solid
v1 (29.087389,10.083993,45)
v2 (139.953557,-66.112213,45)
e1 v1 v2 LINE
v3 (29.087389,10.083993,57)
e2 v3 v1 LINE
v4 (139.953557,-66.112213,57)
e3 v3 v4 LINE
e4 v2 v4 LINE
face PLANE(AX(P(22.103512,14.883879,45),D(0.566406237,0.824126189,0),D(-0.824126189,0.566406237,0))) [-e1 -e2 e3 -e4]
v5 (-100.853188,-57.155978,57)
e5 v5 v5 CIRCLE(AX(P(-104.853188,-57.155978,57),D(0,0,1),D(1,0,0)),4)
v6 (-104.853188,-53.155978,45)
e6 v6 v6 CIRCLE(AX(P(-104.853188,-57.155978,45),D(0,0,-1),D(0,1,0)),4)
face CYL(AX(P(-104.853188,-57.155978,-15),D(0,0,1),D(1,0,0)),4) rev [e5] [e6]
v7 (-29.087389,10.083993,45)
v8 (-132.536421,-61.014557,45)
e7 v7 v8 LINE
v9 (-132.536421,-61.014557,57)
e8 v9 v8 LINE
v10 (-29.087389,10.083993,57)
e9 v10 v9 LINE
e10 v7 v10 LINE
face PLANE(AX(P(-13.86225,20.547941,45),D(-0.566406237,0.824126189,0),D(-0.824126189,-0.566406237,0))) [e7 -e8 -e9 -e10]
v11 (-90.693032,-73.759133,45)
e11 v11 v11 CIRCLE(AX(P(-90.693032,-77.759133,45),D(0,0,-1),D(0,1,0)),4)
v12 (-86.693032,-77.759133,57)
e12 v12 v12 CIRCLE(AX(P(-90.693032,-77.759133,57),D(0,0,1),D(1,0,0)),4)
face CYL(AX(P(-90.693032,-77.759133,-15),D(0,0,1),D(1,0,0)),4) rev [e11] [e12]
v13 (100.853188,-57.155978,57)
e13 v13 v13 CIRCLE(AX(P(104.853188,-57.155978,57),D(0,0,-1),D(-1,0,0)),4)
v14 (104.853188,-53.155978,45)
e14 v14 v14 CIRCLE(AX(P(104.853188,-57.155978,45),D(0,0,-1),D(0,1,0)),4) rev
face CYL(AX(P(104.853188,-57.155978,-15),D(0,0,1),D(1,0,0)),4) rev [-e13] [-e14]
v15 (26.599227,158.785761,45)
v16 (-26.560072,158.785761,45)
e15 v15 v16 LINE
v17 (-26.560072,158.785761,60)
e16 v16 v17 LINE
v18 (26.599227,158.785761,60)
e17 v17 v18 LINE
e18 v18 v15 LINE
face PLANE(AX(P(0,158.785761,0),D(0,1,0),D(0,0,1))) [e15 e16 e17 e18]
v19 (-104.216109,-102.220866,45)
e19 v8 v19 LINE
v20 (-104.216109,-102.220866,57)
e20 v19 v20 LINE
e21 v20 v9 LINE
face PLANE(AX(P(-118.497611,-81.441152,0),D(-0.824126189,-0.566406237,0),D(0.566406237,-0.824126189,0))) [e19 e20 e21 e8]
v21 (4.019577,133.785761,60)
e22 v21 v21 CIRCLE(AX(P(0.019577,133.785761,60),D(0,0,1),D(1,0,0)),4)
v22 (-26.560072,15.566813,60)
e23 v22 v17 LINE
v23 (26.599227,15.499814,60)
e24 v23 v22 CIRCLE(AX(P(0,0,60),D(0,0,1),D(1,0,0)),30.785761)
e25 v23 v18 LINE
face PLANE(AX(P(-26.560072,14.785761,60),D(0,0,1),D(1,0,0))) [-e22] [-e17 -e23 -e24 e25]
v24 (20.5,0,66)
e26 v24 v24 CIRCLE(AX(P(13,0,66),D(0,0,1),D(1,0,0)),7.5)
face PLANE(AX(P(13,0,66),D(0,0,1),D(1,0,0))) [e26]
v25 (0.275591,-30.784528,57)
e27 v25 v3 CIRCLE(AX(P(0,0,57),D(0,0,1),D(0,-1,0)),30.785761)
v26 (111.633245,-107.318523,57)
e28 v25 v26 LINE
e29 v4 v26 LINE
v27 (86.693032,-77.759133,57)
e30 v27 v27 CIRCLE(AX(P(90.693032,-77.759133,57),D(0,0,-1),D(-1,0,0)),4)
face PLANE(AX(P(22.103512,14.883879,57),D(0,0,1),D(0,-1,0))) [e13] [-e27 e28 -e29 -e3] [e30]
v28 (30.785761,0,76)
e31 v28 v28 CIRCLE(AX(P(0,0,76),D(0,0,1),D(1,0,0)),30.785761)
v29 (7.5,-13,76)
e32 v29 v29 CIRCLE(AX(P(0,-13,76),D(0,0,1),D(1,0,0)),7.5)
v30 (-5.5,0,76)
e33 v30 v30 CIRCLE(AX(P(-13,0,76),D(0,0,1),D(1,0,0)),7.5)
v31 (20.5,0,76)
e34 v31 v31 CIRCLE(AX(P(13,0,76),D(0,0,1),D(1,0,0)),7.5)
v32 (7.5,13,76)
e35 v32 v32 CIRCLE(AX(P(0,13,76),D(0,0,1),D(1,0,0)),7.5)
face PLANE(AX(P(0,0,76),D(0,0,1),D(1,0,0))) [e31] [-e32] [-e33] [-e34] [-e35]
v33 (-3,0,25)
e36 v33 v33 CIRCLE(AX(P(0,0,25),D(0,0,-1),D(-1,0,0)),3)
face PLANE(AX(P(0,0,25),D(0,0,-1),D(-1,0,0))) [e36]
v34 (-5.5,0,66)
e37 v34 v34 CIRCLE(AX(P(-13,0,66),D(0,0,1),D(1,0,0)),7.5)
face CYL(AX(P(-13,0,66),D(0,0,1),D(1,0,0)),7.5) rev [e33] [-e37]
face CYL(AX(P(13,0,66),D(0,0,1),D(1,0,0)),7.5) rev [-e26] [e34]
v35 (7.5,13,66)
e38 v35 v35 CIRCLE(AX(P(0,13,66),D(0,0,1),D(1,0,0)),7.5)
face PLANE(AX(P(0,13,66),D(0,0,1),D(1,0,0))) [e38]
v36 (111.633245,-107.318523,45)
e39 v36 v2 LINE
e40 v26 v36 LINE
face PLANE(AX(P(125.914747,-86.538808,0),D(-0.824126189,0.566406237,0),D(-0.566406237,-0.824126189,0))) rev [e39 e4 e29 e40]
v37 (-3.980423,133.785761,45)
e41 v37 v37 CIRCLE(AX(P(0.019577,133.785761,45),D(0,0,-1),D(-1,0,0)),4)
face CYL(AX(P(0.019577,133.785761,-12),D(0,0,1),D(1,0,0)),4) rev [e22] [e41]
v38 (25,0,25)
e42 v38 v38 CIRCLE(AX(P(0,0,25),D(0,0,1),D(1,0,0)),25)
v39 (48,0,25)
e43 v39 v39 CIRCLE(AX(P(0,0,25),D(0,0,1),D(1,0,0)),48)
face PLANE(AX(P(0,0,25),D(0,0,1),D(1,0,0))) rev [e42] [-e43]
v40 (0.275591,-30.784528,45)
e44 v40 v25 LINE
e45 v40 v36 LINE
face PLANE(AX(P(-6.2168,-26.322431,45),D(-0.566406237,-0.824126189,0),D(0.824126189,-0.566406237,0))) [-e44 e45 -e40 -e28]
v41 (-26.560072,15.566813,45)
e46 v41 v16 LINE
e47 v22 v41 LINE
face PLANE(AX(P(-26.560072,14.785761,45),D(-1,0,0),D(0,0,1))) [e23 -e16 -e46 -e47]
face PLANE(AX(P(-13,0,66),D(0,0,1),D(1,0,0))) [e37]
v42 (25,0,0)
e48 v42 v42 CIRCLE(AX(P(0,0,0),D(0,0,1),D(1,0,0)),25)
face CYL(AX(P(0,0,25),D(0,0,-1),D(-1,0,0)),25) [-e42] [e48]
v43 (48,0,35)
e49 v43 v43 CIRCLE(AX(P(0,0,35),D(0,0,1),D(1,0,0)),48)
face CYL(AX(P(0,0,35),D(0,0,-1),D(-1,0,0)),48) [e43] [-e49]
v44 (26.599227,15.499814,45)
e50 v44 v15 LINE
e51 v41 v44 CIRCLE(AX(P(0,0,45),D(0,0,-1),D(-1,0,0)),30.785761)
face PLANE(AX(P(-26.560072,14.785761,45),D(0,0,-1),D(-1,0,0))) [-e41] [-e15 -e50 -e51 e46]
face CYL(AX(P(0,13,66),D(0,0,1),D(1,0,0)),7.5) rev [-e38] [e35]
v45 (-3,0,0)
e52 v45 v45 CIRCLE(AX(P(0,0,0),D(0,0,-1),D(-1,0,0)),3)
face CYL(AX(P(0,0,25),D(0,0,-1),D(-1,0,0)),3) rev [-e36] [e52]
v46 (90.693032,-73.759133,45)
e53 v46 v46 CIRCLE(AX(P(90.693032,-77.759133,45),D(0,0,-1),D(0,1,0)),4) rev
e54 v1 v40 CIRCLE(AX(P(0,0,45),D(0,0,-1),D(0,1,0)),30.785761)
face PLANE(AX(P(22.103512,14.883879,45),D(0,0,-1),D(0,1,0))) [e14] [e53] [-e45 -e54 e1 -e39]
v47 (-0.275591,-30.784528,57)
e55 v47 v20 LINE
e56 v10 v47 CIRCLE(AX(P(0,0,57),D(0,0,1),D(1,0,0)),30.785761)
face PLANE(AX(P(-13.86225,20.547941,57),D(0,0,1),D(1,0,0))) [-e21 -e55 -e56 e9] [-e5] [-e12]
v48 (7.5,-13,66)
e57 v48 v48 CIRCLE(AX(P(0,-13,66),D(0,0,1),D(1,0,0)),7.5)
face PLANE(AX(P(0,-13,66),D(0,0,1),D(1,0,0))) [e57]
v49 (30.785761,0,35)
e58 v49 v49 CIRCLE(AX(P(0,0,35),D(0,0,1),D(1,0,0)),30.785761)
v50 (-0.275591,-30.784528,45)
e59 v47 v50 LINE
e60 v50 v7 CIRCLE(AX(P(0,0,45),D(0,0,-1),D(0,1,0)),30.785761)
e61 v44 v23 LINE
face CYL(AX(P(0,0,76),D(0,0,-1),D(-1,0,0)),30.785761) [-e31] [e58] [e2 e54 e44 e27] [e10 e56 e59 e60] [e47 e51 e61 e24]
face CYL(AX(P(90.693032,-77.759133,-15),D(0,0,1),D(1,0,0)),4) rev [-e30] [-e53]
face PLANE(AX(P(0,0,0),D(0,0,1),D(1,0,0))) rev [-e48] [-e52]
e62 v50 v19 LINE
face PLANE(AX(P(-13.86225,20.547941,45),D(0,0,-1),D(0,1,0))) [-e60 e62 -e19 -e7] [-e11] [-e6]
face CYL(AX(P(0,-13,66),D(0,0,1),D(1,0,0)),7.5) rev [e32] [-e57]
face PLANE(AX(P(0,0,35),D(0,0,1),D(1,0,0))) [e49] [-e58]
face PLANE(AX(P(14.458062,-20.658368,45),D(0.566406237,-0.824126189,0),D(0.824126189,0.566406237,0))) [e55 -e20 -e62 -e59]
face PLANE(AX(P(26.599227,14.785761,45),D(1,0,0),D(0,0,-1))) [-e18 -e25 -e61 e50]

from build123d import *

# Parameters (mm, degrees)
SKETCH1_R                = 25
BOSS_EXTRUDE1_DEPTH      = 25
SKETCH2_R                = 48
BOSS_EXTRUDE2_DEPTH      = 10
SKETCH3_R                = 30.78576119
BOSS_EXTRUDE3_DEPTH      = 41
BOSS_EXTRUDE4_DEPTH      = 113
BOSS_EXTRUDE4_DEPTH_BACK = 31
SKETCH5_W                = 12
SKETCH5_H                = 50
BOSS_EXTRUDE5_DEPTH      = 122
BOSS_EXTRUDE5_DEPTH_BACK = 21
SKETCH6_W                = 12
SKETCH6_H                = 50
SKETCH7_R                = 3
CUT_EXTRUDE1_DEPTH       = 25
BOSS_EXTRUDE6_DEPTH      = 128
BOSS_EXTRUDE6_DEPTH_BACK = 16
SKETCH9_W                = 53.159298554
SKETCH9_H                = 15
SKETCH8_R                = 7.5
CUT_EXTRUDE2_DEPTH       = 10
SKETCH10_R               = 4
CUT_EXTRUDE3_DEPTH       = 72
SKETCH11_R               = 4
CUT_EXTRUDE4_DEPTH       = 72


with BuildPart() as part:
    # Sketch1 → Boss-Extrude1 (new body)
    with BuildSketch(Plane.XY):
        Circle(SKETCH1_R)
    extrude(amount=BOSS_EXTRUDE1_DEPTH)

    # Sketch2 → Boss-Extrude2 (add)
    with BuildSketch(Plane.XY.offset(25)):
        Circle(SKETCH2_R)
    extrude(amount=BOSS_EXTRUDE2_DEPTH)

    # Sketch3 → Boss-Extrude3 (add)
    with BuildSketch(Plane.XY.offset(35)):
        Circle(SKETCH3_R)
    extrude(amount=BOSS_EXTRUDE3_DEPTH)

    # Sketch5 → Boss-Extrude4 (add, two sides: drawn at the far end of the back side and taken through both)
    with BuildSketch(Plane(origin=(-25.371352033, -17.437247146, 0), x_dir=(0, 0, 1), z_dir=(-0.8241261886220168, -0.5664062369248312, 0)).offset(-BOSS_EXTRUDE4_DEPTH_BACK)):
        with Locations((51, -0.21423881)):
            Rectangle(SKETCH5_W, SKETCH5_H)
    extrude(amount=BOSS_EXTRUDE4_DEPTH + BOSS_EXTRUDE4_DEPTH_BACK)

    # Sketch6 → Boss-Extrude5 (add, two sides: drawn at the far end of the back side and taken through both)
    with BuildSketch(Plane(origin=(25.371352033, -17.437247146, 0), x_dir=(0, 0, -1), z_dir=(0.8241261886220168, -0.5664062369248313, 0)).offset(-BOSS_EXTRUDE5_DEPTH_BACK)):
        with Locations((-51, -0.21423881)):
            Rectangle(SKETCH6_W, SKETCH6_H)
    extrude(amount=BOSS_EXTRUDE5_DEPTH + BOSS_EXTRUDE5_DEPTH_BACK)

    # Sketch7 → Cut-Extrude1 (cut)
    with BuildSketch(Plane(origin=(0, 0, 0), x_dir=(-1, 0, 0), z_dir=(0, 0, -1))):
        Circle(SKETCH7_R)
    extrude(amount=-CUT_EXTRUDE1_DEPTH, mode=Mode.SUBTRACT)

    # Sketch9 → Boss-Extrude6 (add, two sides: drawn at the far end of the back side and taken through both)
    with BuildSketch(Plane(origin=(0, 30.78576119, 0), x_dir=(1, 0, 0), z_dir=(0, 1, 0)).offset(-BOSS_EXTRUDE6_DEPTH_BACK)):
        with Locations((0.01957738, -52.5)):
            Rectangle(SKETCH9_W, SKETCH9_H)
    extrude(amount=BOSS_EXTRUDE6_DEPTH + BOSS_EXTRUDE6_DEPTH_BACK)

    # Sketch8 → Cut-Extrude2 (cut)
    with BuildSketch(Plane.XY.offset(76)):
        with Locations((-13, 0)):
            Circle(SKETCH8_R)
        with Locations((13, 0)):
            Circle(SKETCH8_R)
        with Locations((0, 13)):
            Circle(SKETCH8_R)
        with Locations((0, -13)):
            Circle(SKETCH8_R)
    extrude(amount=-CUT_EXTRUDE2_DEPTH, mode=Mode.SUBTRACT)

    # Sketch10 → Cut-Extrude3 (cut)
    with BuildSketch(Plane.XY.offset(57)):
        with Locations((-104.853188395, -57.155978452)):
            Circle(SKETCH10_R)
        with Locations((-90.693032472, -77.759133168)):
            Circle(SKETCH10_R)
    cut_extrude3 = extrude(amount=-CUT_EXTRUDE3_DEPTH, mode=Mode.SUBTRACT)

    # Mirror1: Cut-Extrude3 across plane
    add(cut_extrude3.mirror(Plane.ZY), mode=Mode.SUBTRACT)

    # Sketch11 → Cut-Extrude4 (cut)
    with BuildSketch(Plane.XY.offset(60)):
        with Locations((0.01957738, 133.78576119)):
            Circle(SKETCH11_R)
    extrude(amount=-CUT_EXTRUDE4_DEPTH, mode=Mode.SUBTRACT)


solid = part.part
